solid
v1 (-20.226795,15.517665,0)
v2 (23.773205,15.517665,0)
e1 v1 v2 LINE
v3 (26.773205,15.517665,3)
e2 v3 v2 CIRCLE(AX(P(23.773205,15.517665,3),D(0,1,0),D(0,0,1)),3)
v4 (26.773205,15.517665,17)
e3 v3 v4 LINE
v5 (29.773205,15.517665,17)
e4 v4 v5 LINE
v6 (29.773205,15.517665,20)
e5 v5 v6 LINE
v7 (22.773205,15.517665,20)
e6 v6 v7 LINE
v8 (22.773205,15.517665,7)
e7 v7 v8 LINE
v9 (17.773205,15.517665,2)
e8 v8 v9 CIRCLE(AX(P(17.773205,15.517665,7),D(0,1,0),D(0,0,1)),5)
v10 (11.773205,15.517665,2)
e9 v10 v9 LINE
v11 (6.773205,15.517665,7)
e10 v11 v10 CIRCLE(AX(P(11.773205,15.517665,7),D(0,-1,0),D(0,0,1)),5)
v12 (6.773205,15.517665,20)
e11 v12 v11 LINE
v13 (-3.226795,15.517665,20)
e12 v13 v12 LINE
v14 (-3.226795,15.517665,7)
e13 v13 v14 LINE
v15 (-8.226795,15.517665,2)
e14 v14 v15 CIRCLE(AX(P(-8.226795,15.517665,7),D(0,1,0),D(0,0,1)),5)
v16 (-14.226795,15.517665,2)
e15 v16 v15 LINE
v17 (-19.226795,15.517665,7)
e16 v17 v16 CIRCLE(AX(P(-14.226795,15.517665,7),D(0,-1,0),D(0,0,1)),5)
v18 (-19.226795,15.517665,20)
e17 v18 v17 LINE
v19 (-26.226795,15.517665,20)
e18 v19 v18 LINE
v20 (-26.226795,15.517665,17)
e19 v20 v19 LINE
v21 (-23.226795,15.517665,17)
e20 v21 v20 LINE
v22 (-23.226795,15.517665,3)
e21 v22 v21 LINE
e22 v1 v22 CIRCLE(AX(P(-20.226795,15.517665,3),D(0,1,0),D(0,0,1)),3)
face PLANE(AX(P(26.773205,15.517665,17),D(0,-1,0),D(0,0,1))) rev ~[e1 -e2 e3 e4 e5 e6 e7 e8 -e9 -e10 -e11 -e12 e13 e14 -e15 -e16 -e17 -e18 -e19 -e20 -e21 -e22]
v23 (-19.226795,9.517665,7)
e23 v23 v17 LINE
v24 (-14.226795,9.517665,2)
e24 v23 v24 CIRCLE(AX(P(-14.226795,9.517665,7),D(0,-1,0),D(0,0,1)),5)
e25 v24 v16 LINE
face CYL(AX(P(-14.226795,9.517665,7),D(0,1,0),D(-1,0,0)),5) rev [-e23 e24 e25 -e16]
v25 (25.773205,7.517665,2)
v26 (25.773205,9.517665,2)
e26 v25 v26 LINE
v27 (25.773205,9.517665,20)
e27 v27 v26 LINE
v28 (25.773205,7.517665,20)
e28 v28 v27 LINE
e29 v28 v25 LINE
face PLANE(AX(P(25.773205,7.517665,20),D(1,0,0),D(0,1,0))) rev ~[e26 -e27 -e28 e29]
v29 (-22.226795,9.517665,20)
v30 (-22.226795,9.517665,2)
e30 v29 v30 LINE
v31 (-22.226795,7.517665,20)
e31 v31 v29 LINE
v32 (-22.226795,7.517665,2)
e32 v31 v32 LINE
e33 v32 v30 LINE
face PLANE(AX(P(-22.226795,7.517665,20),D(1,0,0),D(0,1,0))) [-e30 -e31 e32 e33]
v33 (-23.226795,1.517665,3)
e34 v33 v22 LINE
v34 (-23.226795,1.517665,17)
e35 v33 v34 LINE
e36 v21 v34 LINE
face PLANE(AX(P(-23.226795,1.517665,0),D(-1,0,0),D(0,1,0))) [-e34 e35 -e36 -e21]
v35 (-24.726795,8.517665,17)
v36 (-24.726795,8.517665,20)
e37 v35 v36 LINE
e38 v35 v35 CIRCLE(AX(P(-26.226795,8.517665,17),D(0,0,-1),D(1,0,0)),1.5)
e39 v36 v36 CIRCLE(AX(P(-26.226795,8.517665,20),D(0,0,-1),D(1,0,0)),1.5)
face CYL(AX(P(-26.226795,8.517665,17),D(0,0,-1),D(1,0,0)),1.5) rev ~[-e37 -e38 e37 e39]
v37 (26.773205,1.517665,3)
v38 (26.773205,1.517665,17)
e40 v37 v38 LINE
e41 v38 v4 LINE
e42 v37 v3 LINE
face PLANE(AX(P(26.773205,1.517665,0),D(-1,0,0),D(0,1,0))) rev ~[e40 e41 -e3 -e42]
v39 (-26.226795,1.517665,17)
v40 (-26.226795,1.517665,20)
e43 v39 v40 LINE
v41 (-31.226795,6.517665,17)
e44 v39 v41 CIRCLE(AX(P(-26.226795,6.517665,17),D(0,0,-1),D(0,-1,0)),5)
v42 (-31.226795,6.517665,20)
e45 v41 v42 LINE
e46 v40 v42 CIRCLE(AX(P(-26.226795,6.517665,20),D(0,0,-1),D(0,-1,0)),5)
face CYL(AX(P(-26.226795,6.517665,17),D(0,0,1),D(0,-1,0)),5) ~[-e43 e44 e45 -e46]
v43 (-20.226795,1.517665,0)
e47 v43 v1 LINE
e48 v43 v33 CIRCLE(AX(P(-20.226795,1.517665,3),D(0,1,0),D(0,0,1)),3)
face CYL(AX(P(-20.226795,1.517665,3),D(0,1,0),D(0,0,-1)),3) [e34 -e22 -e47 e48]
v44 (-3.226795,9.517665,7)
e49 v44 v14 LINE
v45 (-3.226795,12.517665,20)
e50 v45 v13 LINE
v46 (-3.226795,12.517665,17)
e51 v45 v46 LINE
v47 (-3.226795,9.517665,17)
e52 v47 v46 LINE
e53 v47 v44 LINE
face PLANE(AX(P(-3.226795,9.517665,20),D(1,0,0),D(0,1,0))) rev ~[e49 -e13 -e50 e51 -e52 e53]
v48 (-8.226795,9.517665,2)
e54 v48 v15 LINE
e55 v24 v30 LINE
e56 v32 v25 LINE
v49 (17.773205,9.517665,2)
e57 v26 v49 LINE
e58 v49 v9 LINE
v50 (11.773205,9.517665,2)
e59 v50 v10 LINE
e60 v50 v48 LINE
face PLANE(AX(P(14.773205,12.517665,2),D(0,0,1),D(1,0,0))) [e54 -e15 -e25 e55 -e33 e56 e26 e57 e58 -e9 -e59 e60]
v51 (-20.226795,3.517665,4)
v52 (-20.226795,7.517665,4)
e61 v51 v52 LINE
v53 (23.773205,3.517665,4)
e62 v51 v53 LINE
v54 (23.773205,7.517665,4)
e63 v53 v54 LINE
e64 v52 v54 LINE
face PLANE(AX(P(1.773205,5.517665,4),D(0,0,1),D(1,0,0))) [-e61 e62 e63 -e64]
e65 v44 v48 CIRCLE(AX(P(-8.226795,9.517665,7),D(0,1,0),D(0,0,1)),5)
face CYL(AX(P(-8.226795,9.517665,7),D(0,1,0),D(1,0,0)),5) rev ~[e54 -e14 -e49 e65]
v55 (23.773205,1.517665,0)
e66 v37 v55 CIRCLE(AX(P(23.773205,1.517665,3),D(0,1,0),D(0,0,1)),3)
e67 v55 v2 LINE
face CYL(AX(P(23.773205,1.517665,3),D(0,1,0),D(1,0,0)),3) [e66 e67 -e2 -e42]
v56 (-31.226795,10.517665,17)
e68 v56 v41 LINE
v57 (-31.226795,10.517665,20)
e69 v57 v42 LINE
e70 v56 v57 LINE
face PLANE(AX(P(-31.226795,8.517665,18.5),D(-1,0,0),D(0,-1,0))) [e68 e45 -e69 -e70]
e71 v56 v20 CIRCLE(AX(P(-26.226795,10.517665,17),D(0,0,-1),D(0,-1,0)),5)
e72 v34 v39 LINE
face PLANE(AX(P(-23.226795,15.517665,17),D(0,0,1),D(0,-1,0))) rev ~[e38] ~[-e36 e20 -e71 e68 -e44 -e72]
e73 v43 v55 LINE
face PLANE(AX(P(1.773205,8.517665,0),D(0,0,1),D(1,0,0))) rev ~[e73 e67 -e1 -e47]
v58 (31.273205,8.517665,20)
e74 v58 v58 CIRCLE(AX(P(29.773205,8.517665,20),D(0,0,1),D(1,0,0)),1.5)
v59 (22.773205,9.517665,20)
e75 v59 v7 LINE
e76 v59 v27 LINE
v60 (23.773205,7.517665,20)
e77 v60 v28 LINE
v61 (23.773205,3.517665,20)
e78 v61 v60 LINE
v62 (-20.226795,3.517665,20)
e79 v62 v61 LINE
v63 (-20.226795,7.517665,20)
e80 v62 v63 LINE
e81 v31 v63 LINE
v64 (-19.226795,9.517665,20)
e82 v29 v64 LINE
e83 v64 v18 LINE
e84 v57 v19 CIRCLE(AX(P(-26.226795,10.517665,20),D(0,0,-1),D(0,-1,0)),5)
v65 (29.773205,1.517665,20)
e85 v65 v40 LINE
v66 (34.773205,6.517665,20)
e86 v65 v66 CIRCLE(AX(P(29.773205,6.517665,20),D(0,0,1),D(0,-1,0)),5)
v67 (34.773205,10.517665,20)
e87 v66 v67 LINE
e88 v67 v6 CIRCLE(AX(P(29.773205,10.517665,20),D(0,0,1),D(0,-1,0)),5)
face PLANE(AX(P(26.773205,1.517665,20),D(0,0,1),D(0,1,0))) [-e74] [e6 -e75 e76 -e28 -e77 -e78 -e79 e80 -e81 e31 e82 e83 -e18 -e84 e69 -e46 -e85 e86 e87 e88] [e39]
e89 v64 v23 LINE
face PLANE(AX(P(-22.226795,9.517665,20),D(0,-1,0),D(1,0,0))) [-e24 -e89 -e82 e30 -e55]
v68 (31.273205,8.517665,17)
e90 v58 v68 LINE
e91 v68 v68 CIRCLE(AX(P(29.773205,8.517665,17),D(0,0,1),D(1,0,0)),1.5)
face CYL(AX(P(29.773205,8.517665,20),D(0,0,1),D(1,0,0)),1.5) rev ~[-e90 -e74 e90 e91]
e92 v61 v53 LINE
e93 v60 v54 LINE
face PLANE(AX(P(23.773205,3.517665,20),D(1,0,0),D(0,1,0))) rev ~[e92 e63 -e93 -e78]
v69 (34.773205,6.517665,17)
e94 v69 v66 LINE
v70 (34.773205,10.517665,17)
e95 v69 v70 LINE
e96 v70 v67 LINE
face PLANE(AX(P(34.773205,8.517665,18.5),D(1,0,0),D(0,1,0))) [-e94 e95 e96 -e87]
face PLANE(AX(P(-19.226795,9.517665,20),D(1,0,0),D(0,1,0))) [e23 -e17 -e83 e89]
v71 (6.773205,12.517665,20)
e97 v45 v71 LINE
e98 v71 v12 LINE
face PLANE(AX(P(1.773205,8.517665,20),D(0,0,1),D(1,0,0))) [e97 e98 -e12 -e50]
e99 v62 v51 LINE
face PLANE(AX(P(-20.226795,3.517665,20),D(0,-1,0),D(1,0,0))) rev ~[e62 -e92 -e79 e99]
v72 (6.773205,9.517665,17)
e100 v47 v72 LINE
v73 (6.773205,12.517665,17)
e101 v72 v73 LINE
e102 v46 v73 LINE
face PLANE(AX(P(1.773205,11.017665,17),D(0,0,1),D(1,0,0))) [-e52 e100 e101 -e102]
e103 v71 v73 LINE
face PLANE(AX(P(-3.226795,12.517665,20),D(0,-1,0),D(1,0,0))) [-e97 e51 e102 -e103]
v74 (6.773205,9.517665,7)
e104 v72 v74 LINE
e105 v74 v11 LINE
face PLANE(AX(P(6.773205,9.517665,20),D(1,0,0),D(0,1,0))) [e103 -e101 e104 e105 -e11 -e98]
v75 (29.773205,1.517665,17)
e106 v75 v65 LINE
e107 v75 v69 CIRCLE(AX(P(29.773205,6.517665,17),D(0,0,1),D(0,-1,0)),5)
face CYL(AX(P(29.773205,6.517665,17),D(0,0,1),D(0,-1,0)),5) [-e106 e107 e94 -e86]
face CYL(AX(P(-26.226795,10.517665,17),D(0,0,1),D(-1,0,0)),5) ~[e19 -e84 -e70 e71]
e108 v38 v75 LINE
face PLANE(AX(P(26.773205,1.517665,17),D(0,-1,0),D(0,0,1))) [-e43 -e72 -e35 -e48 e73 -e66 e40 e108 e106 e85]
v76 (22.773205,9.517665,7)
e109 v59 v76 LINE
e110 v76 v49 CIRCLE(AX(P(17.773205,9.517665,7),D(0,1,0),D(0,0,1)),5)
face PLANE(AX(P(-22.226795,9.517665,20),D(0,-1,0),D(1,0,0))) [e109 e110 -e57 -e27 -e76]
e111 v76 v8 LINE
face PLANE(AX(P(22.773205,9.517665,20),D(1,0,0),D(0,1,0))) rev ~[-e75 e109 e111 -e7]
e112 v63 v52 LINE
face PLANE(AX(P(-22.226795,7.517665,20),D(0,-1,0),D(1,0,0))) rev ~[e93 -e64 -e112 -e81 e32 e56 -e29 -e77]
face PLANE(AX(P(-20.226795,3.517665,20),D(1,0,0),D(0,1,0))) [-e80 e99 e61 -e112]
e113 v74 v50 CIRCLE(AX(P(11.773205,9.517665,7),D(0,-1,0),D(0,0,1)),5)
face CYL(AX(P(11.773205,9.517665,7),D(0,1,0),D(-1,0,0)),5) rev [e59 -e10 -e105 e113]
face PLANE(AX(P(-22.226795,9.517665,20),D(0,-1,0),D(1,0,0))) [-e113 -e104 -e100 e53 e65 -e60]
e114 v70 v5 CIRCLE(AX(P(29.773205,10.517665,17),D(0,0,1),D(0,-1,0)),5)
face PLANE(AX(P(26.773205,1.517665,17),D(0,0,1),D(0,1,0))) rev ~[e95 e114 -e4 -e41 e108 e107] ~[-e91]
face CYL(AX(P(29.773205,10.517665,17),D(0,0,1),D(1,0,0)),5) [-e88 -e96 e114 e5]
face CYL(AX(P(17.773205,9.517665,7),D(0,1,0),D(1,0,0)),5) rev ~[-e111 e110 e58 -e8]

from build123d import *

# Parameters (mm, degrees)
SKETCH_W        = 50
SKETCH_H        = 14
PAD_DEPTH       = 20
SKETCH001_W     = 48
SKETCH001_H     = 2
POCKET_DEPTH    = 18
SKETCH002_W     = 44
SKETCH002_H     = 4
POCKET001_DEPTH = 16
SKETCH003_W     = 16
SKETCH003_H     = 6
POCKET002_DEPTH = 18
SKETCH004_W     = 10
SKETCH004_H     = 3
POCKET003_DEPTH = 3
SKETCH005_W     = 14
SKETCH005_H     = 3
PAD001_DEPTH    = 8
SKETCH006_W     = 14
SKETCH006_H     = 3
PAD002_DEPTH    = 8
SKETCH007_R     = 1.5
POCKET004_DEPTH = 3
POCKET005_DEPTH = 3
SKETCH008_R     = 1.5
POCKET006_DEPTH = 3
FILLET_R        = 5
FILLET001_R     = 3
FILLET002_R     = 5
FILLET003_R     = 5
FILLET004_R     = 5
FILLET005_R     = 5


with BuildPart() as part:
    # Sketch → Pad (new body)
    with BuildSketch(Plane.XY):
        with Locations((1.773205, 8.517665)):
            Rectangle(SKETCH_W, SKETCH_H)
    extrude(amount=PAD_DEPTH)

    # Sketch001 (on Face6 of Pad) → Pocket (cut)
    with BuildSketch(Plane.XY.offset(20)):
        with Locations((1.773205, 8.517665)):
            Rectangle(SKETCH001_W, SKETCH001_H)
    extrude(amount=-POCKET_DEPTH, mode=Mode.SUBTRACT)

    # Sketch002 (on Face5 of Pocket) → Pocket001 (cut)
    with BuildSketch(Plane.XY.offset(20)):
        with Locations((1.773205, 5.517665)):
            Rectangle(SKETCH002_W, SKETCH002_H)
    extrude(amount=-POCKET001_DEPTH, mode=Mode.SUBTRACT)

    # Sketch003 (on Face5 of Pocket001) → Pocket002 (cut)
    with BuildSketch(Plane.XY.offset(20)):
        with Locations((-11.226795, 12.517665)):
            Rectangle(SKETCH003_W, SKETCH003_H)
        with Locations((14.773205, 12.517665)):
            Rectangle(SKETCH003_W, SKETCH003_H)
    extrude(amount=-POCKET002_DEPTH, mode=Mode.SUBTRACT)

    # Sketch004 (on Face8 of Pocket002) → Pocket003 (cut)
    with BuildSketch(Plane.XY.offset(20)):
        with Locations((1.773205, 11.017665)):
            Rectangle(SKETCH004_W, SKETCH004_H)
    extrude(amount=-POCKET003_DEPTH, mode=Mode.SUBTRACT)

    # Sketch005 (on Face12 of Pocket003) → Pad001 (join)
    with BuildSketch(Plane(origin=(-23.226795, 0, 0), x_dir=(0, -1, 0), z_dir=(-1, 0, 0))):
        with Locations((-8.517665, 18.5)):
            Rectangle(SKETCH005_W, SKETCH005_H)
    extrude(amount=PAD001_DEPTH)

    # Sketch006 (on Face3 of Pad001) → Pad002 (join)
    with BuildSketch(Plane.YZ.offset(26.773205)):
        with Locations((8.517665, 18.5)):
            Rectangle(SKETCH006_W, SKETCH006_H)
    extrude(amount=PAD002_DEPTH)

    # Sketch007 (on Face32 of Pad002) → Pocket004 (cut)
    with BuildSketch(Plane(origin=(0, 0, 17), x_dir=(1, 0, 0), z_dir=(0, 0, -1))):
        with Locations((-26.226795, -8.517665)):
            Circle(SKETCH007_R)
    extrude(amount=-POCKET004_DEPTH, mode=Mode.SUBTRACT)

    # Sketch007 (on Face32 of Pad002) → Pocket005 (cut)
    with BuildSketch(Plane(origin=(0, 0, 17), x_dir=(1, 0, 0), z_dir=(0, 0, -1))):
        with Locations((-26.226795, -8.517665)):
            Circle(SKETCH007_R)
    extrude(amount=-POCKET005_DEPTH, mode=Mode.SUBTRACT)

    # Sketch008 (on Face17 of Pocket005) → Pocket006 (cut)
    with BuildSketch(Plane.XY.offset(20)):
        with Locations((29.773205, 8.517665)):
            Circle(SKETCH008_R)
    extrude(amount=-POCKET006_DEPTH, mode=Mode.SUBTRACT)

    # Fillet
    fillet_edges = [part.edges().sort_by_distance(p)[0] for p in [
        (34.773205, 15.517665, 18.5),
        (34.773205, 1.517665, 18.5),
        (-31.226795, 1.517665, 18.5),
        (-31.226795, 15.517665, 18.5),
    ]]
    fillet(fillet_edges, radius=FILLET_R)

    # Fillet001
    fillet001_edges = [part.edges().sort_by_distance(p)[0] for p in [
        (-23.226795, 8.517665, 0),
        (26.773205, 8.517665, 0),
    ]]
    fillet(fillet001_edges, radius=FILLET001_R)

    # Fillet002
    fillet002_edges = [part.edges().sort_by_distance(p)[0] for p in [
        (-19.226795, 12.517665, 2),
    ]]
    fillet(fillet002_edges, radius=FILLET002_R)

    # Fillet003
    fillet003_edges = [part.edges().sort_by_distance(p)[0] for p in [
        (-3.226795, 12.517665, 2),
    ]]
    fillet(fillet003_edges, radius=FILLET003_R)

    # Fillet004
    fillet004_edges = [part.edges().sort_by_distance(p)[0] for p in [
        (22.773205, 12.517665, 2),
    ]]
    fillet(fillet004_edges, radius=FILLET004_R)

    # Fillet005
    fillet005_edges = [part.edges().sort_by_distance(p)[0] for p in [
        (6.773205, 12.517665, 2),
    ]]
    fillet(fillet005_edges, radius=FILLET005_R)


solid = part.part
